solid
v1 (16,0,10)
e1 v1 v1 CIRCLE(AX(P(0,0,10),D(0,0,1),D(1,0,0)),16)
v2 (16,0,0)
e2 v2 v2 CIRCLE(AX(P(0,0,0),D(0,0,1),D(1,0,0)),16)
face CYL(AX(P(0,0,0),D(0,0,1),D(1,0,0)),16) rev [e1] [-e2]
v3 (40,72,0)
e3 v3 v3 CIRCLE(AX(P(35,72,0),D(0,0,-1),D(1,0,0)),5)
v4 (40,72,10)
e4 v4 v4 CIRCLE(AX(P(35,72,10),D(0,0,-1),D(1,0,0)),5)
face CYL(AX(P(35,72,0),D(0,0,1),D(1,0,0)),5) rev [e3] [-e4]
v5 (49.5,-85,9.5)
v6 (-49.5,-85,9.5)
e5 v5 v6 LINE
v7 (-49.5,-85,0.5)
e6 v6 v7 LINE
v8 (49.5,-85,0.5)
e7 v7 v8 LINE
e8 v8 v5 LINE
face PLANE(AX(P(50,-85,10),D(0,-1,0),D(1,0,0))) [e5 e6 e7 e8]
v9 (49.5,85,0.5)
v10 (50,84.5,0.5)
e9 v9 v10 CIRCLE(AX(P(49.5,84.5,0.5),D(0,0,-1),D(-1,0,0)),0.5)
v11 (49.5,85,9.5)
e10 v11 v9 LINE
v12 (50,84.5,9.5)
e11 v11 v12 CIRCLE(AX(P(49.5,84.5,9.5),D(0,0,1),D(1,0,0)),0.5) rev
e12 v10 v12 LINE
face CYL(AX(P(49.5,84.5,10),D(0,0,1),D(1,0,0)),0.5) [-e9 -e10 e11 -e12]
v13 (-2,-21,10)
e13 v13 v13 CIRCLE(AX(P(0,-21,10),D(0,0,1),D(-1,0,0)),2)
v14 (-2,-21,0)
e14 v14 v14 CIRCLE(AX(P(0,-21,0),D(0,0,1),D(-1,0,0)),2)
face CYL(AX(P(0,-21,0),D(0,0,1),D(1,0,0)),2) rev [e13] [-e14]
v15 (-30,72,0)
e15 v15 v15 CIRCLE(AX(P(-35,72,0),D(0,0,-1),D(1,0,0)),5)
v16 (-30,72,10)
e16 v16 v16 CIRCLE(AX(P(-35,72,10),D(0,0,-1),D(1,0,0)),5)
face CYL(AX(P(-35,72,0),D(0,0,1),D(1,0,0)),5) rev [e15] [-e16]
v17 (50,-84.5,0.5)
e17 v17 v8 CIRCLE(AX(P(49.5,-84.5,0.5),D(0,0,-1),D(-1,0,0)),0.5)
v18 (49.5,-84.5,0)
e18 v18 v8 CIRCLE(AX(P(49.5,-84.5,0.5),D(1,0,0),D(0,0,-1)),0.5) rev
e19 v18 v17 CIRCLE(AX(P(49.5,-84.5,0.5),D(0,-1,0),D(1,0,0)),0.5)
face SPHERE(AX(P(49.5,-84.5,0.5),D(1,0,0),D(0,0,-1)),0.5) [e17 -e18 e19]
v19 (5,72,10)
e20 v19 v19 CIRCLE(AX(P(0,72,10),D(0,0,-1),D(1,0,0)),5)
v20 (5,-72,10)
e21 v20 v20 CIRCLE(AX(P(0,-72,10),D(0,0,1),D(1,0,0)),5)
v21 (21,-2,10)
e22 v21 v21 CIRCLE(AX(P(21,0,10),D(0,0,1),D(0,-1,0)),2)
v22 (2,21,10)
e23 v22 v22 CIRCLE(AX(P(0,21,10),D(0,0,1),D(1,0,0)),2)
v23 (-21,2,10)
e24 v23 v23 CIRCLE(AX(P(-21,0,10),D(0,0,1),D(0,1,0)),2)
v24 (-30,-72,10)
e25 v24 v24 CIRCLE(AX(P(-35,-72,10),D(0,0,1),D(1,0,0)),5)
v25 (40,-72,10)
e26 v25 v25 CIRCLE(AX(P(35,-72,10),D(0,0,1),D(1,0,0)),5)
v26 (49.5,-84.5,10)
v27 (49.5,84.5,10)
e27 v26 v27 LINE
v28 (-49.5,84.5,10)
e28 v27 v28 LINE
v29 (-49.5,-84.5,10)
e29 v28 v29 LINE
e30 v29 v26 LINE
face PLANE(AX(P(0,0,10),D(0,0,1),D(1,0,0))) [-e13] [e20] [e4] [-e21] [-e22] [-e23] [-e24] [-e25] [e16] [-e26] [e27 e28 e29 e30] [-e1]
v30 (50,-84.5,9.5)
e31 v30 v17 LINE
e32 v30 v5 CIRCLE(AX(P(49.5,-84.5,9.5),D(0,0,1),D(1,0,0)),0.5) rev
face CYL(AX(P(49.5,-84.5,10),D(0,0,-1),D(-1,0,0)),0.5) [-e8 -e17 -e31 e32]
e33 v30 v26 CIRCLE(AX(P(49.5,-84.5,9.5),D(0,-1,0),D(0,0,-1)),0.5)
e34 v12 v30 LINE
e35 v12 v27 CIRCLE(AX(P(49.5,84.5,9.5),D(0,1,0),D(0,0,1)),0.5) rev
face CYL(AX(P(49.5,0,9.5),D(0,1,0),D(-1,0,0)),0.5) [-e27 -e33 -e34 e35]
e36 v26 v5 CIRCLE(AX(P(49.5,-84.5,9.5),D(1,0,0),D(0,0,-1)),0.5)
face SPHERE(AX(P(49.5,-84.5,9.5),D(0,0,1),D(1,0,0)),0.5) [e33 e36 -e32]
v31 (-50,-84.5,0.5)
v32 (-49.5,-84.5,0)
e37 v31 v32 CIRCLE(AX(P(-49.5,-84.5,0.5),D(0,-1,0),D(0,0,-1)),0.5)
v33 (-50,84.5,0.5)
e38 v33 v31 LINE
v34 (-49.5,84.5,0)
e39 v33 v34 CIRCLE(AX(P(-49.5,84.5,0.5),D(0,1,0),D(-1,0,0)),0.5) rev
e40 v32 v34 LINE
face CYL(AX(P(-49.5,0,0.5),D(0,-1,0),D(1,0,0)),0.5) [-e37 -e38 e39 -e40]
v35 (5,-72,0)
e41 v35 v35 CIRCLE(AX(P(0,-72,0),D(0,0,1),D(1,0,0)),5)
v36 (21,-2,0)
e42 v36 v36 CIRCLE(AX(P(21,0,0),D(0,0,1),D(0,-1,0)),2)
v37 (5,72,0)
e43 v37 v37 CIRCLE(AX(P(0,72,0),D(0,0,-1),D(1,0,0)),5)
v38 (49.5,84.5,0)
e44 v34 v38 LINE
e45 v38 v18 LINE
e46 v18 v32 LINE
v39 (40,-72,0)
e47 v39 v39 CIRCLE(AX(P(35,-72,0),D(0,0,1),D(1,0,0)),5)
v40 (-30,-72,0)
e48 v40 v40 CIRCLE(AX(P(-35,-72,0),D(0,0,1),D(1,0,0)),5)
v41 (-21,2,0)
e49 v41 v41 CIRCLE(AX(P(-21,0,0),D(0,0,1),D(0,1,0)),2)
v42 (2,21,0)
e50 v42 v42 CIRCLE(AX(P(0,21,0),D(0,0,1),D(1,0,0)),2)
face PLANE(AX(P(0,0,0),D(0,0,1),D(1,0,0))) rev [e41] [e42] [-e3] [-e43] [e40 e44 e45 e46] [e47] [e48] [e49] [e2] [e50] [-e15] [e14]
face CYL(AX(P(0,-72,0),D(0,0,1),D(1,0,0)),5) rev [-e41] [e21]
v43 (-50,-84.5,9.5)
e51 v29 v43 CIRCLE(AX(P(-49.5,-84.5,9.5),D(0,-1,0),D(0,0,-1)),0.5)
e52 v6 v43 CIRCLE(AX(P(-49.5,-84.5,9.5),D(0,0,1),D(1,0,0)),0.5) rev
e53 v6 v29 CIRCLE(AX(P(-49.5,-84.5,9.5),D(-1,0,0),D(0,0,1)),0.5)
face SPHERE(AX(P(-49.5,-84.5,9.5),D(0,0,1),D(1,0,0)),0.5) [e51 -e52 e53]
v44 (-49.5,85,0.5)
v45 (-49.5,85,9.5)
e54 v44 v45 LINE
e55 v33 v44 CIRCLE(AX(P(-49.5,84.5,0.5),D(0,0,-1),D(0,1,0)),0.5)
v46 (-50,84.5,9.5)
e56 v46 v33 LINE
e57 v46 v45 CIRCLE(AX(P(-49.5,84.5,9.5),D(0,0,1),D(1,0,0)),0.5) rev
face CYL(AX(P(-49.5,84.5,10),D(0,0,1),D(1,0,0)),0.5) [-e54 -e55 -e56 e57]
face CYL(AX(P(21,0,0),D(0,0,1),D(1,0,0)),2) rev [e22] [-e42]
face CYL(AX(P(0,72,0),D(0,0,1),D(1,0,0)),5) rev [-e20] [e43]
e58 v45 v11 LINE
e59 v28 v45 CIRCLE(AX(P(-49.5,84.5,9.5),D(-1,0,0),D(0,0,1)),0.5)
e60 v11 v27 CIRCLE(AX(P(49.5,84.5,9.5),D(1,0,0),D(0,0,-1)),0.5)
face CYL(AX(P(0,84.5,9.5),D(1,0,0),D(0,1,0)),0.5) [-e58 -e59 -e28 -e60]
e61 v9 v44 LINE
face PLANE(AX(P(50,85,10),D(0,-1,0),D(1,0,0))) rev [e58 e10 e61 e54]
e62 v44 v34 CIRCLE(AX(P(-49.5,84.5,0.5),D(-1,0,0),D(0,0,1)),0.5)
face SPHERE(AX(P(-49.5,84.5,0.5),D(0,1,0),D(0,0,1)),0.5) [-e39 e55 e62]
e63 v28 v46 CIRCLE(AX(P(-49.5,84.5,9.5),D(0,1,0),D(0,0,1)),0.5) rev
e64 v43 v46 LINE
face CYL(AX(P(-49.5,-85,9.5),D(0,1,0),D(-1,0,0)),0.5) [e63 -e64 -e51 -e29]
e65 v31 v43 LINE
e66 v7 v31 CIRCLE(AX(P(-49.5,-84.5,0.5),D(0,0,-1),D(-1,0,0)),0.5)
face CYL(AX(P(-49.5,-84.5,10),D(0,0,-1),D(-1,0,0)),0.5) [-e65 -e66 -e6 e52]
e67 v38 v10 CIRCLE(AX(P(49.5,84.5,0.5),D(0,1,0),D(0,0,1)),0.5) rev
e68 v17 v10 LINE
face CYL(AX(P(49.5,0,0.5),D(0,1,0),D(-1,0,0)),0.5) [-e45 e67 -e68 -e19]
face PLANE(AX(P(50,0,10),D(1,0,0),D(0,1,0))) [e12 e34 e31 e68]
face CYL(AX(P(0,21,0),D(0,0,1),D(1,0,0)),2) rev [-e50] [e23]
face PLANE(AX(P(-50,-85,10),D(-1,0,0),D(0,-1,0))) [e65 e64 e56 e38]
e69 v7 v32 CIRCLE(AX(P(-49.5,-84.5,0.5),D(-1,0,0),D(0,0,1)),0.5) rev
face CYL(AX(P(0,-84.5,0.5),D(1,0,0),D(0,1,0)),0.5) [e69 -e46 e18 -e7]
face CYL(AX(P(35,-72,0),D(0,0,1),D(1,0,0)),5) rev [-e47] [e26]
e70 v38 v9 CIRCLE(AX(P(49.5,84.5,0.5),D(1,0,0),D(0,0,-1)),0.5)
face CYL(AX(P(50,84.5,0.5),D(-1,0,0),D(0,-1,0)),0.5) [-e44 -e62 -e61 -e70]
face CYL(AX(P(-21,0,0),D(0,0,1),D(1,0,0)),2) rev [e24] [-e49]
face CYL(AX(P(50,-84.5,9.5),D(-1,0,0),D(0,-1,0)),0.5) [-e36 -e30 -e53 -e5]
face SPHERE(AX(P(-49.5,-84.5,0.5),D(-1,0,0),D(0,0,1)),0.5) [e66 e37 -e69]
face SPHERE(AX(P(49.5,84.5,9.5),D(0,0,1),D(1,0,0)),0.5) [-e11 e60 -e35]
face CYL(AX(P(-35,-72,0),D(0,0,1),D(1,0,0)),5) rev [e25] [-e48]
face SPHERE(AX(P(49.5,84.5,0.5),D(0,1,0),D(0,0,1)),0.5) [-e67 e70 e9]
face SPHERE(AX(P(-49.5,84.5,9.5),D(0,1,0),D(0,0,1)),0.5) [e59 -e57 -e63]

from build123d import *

# Parameters (mm, degrees)
EXTRUDE_1_DEPTH          = 10
SKETCH_2_R               = 16
CUT_EXTRUDE_1_DEPTH      = 10
SKETCH_3_R               = 5
CUT_EXTRUDE_2_DEPTH      = 10
SKETCH_6_R               = 2
CUT_EXTRUDE_4_DEPTH      = 10
PATTERN_CIRCULAR_1_COUNT = 4
FILLET_1_R               = 0.5


with BuildPart() as part:
    # 草图1 → 凸台-拉伸1 (new body)
    with BuildSketch(Plane.XY):
        Polygon((50, -85), (-50, -85), (-50, -20), (-50, 85), (50, 85), (50, 0), align=None)
    extrude(amount=EXTRUDE_1_DEPTH)

    # 草图2 → 切除-拉伸1 (cut)
    with BuildSketch(Plane.XY.offset(10)):
        Circle(SKETCH_2_R)
    extrude(amount=-CUT_EXTRUDE_1_DEPTH, mode=Mode.SUBTRACT)

    # 草图3 → 切除-拉伸2 (cut)
    with BuildSketch(Plane.XY.offset(10)):
        with Locations((0, -72)):
            Circle(SKETCH_3_R)
        with Locations((35, -72)):
            Circle(SKETCH_3_R)
        with Locations((-35, -72)):
            Circle(SKETCH_3_R)
    cut_extrude_2 = extrude(amount=-CUT_EXTRUDE_2_DEPTH, mode=Mode.SUBTRACT)

    # 草图6 → 切除-拉伸4 (cut)
    with BuildSketch(Plane.XY.offset(10)):
        with Locations((0, 21)):
            Circle(SKETCH_6_R)
    cut_extrude_4 = extrude(amount=-CUT_EXTRUDE_4_DEPTH, mode=Mode.SUBTRACT)

    # 阵列(圆周)1: 切除-拉伸4 ×4 about axis
    pattern_circular_1_axis = Axis((0, 0, 0), (0, 0, 1))
    for i in range(1, PATTERN_CIRCULAR_1_COUNT):
        add(cut_extrude_4.rotate(pattern_circular_1_axis, i * 360 / PATTERN_CIRCULAR_1_COUNT), mode=Mode.SUBTRACT)

    # 镜向1: 切除-拉伸2 across plane
    add(cut_extrude_2.mirror(Plane.ZX), mode=Mode.SUBTRACT)

    # 圆角1
    fillet_1_edges = [part.edges().sort_by_distance(p)[0] for p in [
        (50, -85, 5),
        (-50, -85, 5),
        (-50, 85, 5),
        (50, 85, 5),
        (-50, 0, 10),
        (0, -85, 10),
        (50, 0, 10),
        (50, 0, 0),
        (0, -85, 0),
        (-50, 0, 0),
        (0, 85, 0),
        (0, 85, 10),
    ]]
    fillet(fillet_1_edges, radius=FILLET_1_R)


solid = part.part
